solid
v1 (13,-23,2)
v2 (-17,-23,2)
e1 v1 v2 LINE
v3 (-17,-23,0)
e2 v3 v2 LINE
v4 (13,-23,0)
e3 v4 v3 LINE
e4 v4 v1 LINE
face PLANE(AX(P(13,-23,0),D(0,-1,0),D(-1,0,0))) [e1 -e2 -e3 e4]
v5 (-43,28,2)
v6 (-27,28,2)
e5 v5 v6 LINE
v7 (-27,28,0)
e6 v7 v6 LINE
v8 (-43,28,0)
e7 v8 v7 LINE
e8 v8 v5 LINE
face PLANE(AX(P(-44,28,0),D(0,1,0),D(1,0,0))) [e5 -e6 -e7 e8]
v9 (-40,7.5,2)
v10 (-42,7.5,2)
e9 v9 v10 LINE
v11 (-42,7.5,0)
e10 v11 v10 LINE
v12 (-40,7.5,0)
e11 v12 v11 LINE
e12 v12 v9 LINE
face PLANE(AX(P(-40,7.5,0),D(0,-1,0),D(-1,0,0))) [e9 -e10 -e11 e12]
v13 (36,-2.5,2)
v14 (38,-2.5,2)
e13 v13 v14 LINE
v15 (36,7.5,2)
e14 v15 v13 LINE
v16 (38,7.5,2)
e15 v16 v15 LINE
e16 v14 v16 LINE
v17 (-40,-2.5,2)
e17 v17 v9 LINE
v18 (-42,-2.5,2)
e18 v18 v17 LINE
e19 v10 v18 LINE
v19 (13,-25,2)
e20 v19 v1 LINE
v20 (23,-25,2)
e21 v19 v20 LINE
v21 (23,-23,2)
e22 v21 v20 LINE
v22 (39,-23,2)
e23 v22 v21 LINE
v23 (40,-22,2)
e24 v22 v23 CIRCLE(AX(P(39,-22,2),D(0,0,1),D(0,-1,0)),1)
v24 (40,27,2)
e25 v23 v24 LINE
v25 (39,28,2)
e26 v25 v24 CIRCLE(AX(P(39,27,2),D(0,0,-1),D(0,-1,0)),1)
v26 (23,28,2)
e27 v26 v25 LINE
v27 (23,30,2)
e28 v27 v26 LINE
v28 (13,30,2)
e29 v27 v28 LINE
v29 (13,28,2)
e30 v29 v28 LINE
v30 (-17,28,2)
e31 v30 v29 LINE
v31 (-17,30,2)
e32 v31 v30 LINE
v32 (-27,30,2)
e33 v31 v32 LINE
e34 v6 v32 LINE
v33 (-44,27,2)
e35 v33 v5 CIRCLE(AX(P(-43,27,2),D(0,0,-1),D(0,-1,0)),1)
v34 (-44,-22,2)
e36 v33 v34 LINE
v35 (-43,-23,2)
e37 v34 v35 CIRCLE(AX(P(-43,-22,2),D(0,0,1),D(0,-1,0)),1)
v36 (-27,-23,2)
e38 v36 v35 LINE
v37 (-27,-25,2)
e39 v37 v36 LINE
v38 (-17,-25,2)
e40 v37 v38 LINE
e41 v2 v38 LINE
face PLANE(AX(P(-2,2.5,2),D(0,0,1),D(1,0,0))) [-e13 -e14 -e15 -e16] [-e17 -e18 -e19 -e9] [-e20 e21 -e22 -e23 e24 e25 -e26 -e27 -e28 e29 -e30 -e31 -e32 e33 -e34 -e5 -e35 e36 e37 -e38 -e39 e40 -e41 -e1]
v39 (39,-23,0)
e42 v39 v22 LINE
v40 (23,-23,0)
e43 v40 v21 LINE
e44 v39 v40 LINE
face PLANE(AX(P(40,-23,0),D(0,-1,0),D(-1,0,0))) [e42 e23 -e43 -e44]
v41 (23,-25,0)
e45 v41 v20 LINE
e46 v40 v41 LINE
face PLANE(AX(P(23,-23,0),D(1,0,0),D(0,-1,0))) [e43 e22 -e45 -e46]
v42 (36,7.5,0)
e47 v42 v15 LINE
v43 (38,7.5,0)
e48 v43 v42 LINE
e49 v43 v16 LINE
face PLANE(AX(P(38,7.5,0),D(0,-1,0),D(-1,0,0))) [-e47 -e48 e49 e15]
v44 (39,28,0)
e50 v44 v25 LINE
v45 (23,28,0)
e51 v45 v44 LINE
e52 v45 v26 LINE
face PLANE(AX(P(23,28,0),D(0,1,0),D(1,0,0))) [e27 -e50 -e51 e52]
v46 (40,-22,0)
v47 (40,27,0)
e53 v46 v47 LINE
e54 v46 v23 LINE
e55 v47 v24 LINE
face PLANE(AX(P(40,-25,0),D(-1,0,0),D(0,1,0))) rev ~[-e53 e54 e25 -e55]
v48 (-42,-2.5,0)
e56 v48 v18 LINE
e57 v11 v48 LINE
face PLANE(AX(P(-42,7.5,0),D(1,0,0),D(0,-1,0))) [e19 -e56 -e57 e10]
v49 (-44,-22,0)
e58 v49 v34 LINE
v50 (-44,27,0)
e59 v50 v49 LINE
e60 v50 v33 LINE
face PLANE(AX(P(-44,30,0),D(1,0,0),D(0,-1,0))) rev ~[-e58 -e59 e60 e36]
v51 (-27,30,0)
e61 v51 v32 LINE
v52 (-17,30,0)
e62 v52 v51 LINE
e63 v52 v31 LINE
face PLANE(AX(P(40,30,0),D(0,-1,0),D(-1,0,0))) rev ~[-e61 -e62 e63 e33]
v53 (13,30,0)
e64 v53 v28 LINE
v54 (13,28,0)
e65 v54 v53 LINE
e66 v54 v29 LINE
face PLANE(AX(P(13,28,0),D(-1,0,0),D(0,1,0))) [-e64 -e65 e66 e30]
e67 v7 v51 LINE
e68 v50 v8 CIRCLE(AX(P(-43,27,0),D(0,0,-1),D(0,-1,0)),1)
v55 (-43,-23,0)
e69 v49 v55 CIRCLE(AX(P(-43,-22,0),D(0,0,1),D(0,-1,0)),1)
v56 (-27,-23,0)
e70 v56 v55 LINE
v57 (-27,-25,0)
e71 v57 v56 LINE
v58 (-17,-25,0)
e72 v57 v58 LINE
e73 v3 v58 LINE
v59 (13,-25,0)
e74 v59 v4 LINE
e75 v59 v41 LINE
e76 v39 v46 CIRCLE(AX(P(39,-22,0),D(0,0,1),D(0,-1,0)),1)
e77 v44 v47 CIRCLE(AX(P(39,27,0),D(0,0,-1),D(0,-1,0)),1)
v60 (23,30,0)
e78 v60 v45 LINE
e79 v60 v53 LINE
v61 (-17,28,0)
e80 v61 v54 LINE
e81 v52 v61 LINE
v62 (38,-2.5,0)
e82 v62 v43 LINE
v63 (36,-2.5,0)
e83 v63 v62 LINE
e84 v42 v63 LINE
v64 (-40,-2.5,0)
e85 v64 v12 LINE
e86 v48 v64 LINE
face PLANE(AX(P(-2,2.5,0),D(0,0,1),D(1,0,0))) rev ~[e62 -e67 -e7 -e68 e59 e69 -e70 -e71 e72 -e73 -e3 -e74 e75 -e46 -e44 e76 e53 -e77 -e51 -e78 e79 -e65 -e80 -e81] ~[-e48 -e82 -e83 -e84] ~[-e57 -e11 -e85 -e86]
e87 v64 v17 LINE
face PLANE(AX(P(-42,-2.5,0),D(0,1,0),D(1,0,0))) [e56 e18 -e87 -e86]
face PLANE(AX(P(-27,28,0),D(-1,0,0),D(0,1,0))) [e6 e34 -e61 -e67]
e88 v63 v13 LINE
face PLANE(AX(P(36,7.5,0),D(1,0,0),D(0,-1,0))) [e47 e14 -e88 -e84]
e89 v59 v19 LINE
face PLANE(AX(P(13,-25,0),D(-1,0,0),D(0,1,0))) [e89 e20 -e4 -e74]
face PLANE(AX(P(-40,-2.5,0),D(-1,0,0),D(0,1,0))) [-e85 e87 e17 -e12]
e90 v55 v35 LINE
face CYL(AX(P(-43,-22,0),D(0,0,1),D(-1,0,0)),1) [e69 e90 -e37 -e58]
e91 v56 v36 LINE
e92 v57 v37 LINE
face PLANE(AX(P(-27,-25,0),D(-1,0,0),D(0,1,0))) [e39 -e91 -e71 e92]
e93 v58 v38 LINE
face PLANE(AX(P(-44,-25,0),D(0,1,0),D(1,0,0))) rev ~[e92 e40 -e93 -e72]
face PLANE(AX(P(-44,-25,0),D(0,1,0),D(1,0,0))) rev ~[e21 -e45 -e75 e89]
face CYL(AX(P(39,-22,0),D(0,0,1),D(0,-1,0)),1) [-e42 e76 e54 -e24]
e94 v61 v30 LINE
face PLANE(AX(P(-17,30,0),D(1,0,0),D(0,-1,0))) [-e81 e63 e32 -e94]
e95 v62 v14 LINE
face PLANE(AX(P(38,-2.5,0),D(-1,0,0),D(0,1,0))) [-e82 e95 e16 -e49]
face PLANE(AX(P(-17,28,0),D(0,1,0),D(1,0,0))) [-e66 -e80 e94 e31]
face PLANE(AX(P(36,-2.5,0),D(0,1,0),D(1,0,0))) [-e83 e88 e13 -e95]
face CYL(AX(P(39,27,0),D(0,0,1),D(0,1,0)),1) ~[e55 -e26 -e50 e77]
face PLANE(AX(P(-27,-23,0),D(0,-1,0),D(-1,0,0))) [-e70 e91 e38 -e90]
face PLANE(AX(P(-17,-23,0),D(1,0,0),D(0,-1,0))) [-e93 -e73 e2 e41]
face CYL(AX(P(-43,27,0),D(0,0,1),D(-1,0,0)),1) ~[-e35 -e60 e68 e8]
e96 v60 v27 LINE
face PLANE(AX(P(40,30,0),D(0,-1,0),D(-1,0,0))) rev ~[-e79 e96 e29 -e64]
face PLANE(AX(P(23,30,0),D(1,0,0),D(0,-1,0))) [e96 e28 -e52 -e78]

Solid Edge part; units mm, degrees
sketch "Sketch1" plane through (0, 0, 0) normal (0, 0, 1) x (1, 0, 0)
  line L0 (40, -25) -> (40, 30)
  line L1 (40, 30) -> (-44, 30)
  line L2 (-44, 30) -> (-44, -25)
  line L3 (-44, -25) -> (40, -25)
extrude "ExtrudedProtrusion_3" add sketch "Sketch1" along normal blind 2
sketch "Sketch2" plane through (0, 0, 0) normal (0, 0, 1) x (1, 0, 0)
  line L0 (-44, 28) -> (-27, 28)
  line L1 (-27, 28) -> (-27, 30)
  line L2 (-27, 30) -> (-44, 30)
  line L3 (-44, 30) -> (-44, 28)
extrude "ExtrudedCutout_9" cut sketch "Sketch2" along normal blind 2
sketch "Sketch3" plane through (0, 0, 0) normal (0, 0, 1) x (1, 0, 0)
  line L0 (-17, 28) -> (13, 28)
  line L1 (13, 28) -> (13, 30)
  line L2 (13, 30) -> (-17, 30)
  line L3 (-17, 30) -> (-17, 28)
extrude "ExtrudedCutout_10" cut sketch "Sketch3" along normal blind 2
sketch "Sketch4" plane through (0, 0, 0) normal (0, 0, 1) x (1, 0, 0)
  line L0 (23, 28) -> (40, 28)
  line L1 (40, 28) -> (40, 30)
  line L2 (40, 30) -> (23, 30)
  line L3 (23, 30) -> (23, 28)
extrude "ExtrudedCutout_11" cut sketch "Sketch4" along normal blind 2
sketch "Sketch5" plane through (0, 0, 0) normal (0, 0, 1) x (1, 0, 0)
  line L0 (38, -2.5) -> (38, 7.5)
  line L1 (38, 7.5) -> (36, 7.5)
  line L2 (36, 7.5) -> (36, -2.5)
  line L3 (36, -2.5) -> (38, -2.5)
extrude "ExtrudedCutout_12" cut sketch "Sketch5" along normal blind 2
sketch "Sketch6" plane through (0, 0, 0) normal (0, 0, 1) x (1, 0, 0)
  line L0 (40, -23) -> (23, -23)
  line L1 (23, -23) -> (23, -25)
  line L2 (23, -25) -> (40, -25)
  line L3 (40, -25) -> (40, -23)
extrude "ExtrudedCutout_13" cut sketch "Sketch6" along normal blind 2
sketch "Sketch7" plane through (0, 0, 0) normal (0, 0, 1) x (1, 0, 0)
  line L0 (13, -23) -> (-17, -23)
  line L1 (-17, -23) -> (-17, -25)
  line L2 (-17, -25) -> (13, -25)
  line L3 (13, -25) -> (13, -23)
extrude "ExtrudedCutout_14" cut sketch "Sketch7" along normal blind 2
sketch "Sketch8" plane through (0, 0, 0) normal (0, 0, 1) x (1, 0, 0)
  line L0 (-27, -23) -> (-44, -23)
  line L1 (-44, -23) -> (-44, -25)
  line L2 (-44, -25) -> (-27, -25)
  line L3 (-27, -25) -> (-27, -23)
extrude "ExtrudedCutout_15" cut sketch "Sketch8" along normal blind 2
sketch "Sketch9" plane through (0, 0, 0) normal (0, 0, 1) x (1, 0, 0)
  line L0 (-40, -2.5) -> (-40, 7.5)
  line L1 (-40, 7.5) -> (-42, 7.5)
  line L2 (-42, 7.5) -> (-42, -2.5)
  line L3 (-42, -2.5) -> (-40, -2.5)
extrude "ExtrudedCutout_16" cut sketch "Sketch9" along normal blind 2
fillet "Round_1" radius 1 1 edges at (-44, -23, 1)
fillet "Round_2" radius 1 3 edges at (-44, 28, 1) (40, 28, 1) (40, -23, 1)
properties material "Acrylic, high impact grade"
